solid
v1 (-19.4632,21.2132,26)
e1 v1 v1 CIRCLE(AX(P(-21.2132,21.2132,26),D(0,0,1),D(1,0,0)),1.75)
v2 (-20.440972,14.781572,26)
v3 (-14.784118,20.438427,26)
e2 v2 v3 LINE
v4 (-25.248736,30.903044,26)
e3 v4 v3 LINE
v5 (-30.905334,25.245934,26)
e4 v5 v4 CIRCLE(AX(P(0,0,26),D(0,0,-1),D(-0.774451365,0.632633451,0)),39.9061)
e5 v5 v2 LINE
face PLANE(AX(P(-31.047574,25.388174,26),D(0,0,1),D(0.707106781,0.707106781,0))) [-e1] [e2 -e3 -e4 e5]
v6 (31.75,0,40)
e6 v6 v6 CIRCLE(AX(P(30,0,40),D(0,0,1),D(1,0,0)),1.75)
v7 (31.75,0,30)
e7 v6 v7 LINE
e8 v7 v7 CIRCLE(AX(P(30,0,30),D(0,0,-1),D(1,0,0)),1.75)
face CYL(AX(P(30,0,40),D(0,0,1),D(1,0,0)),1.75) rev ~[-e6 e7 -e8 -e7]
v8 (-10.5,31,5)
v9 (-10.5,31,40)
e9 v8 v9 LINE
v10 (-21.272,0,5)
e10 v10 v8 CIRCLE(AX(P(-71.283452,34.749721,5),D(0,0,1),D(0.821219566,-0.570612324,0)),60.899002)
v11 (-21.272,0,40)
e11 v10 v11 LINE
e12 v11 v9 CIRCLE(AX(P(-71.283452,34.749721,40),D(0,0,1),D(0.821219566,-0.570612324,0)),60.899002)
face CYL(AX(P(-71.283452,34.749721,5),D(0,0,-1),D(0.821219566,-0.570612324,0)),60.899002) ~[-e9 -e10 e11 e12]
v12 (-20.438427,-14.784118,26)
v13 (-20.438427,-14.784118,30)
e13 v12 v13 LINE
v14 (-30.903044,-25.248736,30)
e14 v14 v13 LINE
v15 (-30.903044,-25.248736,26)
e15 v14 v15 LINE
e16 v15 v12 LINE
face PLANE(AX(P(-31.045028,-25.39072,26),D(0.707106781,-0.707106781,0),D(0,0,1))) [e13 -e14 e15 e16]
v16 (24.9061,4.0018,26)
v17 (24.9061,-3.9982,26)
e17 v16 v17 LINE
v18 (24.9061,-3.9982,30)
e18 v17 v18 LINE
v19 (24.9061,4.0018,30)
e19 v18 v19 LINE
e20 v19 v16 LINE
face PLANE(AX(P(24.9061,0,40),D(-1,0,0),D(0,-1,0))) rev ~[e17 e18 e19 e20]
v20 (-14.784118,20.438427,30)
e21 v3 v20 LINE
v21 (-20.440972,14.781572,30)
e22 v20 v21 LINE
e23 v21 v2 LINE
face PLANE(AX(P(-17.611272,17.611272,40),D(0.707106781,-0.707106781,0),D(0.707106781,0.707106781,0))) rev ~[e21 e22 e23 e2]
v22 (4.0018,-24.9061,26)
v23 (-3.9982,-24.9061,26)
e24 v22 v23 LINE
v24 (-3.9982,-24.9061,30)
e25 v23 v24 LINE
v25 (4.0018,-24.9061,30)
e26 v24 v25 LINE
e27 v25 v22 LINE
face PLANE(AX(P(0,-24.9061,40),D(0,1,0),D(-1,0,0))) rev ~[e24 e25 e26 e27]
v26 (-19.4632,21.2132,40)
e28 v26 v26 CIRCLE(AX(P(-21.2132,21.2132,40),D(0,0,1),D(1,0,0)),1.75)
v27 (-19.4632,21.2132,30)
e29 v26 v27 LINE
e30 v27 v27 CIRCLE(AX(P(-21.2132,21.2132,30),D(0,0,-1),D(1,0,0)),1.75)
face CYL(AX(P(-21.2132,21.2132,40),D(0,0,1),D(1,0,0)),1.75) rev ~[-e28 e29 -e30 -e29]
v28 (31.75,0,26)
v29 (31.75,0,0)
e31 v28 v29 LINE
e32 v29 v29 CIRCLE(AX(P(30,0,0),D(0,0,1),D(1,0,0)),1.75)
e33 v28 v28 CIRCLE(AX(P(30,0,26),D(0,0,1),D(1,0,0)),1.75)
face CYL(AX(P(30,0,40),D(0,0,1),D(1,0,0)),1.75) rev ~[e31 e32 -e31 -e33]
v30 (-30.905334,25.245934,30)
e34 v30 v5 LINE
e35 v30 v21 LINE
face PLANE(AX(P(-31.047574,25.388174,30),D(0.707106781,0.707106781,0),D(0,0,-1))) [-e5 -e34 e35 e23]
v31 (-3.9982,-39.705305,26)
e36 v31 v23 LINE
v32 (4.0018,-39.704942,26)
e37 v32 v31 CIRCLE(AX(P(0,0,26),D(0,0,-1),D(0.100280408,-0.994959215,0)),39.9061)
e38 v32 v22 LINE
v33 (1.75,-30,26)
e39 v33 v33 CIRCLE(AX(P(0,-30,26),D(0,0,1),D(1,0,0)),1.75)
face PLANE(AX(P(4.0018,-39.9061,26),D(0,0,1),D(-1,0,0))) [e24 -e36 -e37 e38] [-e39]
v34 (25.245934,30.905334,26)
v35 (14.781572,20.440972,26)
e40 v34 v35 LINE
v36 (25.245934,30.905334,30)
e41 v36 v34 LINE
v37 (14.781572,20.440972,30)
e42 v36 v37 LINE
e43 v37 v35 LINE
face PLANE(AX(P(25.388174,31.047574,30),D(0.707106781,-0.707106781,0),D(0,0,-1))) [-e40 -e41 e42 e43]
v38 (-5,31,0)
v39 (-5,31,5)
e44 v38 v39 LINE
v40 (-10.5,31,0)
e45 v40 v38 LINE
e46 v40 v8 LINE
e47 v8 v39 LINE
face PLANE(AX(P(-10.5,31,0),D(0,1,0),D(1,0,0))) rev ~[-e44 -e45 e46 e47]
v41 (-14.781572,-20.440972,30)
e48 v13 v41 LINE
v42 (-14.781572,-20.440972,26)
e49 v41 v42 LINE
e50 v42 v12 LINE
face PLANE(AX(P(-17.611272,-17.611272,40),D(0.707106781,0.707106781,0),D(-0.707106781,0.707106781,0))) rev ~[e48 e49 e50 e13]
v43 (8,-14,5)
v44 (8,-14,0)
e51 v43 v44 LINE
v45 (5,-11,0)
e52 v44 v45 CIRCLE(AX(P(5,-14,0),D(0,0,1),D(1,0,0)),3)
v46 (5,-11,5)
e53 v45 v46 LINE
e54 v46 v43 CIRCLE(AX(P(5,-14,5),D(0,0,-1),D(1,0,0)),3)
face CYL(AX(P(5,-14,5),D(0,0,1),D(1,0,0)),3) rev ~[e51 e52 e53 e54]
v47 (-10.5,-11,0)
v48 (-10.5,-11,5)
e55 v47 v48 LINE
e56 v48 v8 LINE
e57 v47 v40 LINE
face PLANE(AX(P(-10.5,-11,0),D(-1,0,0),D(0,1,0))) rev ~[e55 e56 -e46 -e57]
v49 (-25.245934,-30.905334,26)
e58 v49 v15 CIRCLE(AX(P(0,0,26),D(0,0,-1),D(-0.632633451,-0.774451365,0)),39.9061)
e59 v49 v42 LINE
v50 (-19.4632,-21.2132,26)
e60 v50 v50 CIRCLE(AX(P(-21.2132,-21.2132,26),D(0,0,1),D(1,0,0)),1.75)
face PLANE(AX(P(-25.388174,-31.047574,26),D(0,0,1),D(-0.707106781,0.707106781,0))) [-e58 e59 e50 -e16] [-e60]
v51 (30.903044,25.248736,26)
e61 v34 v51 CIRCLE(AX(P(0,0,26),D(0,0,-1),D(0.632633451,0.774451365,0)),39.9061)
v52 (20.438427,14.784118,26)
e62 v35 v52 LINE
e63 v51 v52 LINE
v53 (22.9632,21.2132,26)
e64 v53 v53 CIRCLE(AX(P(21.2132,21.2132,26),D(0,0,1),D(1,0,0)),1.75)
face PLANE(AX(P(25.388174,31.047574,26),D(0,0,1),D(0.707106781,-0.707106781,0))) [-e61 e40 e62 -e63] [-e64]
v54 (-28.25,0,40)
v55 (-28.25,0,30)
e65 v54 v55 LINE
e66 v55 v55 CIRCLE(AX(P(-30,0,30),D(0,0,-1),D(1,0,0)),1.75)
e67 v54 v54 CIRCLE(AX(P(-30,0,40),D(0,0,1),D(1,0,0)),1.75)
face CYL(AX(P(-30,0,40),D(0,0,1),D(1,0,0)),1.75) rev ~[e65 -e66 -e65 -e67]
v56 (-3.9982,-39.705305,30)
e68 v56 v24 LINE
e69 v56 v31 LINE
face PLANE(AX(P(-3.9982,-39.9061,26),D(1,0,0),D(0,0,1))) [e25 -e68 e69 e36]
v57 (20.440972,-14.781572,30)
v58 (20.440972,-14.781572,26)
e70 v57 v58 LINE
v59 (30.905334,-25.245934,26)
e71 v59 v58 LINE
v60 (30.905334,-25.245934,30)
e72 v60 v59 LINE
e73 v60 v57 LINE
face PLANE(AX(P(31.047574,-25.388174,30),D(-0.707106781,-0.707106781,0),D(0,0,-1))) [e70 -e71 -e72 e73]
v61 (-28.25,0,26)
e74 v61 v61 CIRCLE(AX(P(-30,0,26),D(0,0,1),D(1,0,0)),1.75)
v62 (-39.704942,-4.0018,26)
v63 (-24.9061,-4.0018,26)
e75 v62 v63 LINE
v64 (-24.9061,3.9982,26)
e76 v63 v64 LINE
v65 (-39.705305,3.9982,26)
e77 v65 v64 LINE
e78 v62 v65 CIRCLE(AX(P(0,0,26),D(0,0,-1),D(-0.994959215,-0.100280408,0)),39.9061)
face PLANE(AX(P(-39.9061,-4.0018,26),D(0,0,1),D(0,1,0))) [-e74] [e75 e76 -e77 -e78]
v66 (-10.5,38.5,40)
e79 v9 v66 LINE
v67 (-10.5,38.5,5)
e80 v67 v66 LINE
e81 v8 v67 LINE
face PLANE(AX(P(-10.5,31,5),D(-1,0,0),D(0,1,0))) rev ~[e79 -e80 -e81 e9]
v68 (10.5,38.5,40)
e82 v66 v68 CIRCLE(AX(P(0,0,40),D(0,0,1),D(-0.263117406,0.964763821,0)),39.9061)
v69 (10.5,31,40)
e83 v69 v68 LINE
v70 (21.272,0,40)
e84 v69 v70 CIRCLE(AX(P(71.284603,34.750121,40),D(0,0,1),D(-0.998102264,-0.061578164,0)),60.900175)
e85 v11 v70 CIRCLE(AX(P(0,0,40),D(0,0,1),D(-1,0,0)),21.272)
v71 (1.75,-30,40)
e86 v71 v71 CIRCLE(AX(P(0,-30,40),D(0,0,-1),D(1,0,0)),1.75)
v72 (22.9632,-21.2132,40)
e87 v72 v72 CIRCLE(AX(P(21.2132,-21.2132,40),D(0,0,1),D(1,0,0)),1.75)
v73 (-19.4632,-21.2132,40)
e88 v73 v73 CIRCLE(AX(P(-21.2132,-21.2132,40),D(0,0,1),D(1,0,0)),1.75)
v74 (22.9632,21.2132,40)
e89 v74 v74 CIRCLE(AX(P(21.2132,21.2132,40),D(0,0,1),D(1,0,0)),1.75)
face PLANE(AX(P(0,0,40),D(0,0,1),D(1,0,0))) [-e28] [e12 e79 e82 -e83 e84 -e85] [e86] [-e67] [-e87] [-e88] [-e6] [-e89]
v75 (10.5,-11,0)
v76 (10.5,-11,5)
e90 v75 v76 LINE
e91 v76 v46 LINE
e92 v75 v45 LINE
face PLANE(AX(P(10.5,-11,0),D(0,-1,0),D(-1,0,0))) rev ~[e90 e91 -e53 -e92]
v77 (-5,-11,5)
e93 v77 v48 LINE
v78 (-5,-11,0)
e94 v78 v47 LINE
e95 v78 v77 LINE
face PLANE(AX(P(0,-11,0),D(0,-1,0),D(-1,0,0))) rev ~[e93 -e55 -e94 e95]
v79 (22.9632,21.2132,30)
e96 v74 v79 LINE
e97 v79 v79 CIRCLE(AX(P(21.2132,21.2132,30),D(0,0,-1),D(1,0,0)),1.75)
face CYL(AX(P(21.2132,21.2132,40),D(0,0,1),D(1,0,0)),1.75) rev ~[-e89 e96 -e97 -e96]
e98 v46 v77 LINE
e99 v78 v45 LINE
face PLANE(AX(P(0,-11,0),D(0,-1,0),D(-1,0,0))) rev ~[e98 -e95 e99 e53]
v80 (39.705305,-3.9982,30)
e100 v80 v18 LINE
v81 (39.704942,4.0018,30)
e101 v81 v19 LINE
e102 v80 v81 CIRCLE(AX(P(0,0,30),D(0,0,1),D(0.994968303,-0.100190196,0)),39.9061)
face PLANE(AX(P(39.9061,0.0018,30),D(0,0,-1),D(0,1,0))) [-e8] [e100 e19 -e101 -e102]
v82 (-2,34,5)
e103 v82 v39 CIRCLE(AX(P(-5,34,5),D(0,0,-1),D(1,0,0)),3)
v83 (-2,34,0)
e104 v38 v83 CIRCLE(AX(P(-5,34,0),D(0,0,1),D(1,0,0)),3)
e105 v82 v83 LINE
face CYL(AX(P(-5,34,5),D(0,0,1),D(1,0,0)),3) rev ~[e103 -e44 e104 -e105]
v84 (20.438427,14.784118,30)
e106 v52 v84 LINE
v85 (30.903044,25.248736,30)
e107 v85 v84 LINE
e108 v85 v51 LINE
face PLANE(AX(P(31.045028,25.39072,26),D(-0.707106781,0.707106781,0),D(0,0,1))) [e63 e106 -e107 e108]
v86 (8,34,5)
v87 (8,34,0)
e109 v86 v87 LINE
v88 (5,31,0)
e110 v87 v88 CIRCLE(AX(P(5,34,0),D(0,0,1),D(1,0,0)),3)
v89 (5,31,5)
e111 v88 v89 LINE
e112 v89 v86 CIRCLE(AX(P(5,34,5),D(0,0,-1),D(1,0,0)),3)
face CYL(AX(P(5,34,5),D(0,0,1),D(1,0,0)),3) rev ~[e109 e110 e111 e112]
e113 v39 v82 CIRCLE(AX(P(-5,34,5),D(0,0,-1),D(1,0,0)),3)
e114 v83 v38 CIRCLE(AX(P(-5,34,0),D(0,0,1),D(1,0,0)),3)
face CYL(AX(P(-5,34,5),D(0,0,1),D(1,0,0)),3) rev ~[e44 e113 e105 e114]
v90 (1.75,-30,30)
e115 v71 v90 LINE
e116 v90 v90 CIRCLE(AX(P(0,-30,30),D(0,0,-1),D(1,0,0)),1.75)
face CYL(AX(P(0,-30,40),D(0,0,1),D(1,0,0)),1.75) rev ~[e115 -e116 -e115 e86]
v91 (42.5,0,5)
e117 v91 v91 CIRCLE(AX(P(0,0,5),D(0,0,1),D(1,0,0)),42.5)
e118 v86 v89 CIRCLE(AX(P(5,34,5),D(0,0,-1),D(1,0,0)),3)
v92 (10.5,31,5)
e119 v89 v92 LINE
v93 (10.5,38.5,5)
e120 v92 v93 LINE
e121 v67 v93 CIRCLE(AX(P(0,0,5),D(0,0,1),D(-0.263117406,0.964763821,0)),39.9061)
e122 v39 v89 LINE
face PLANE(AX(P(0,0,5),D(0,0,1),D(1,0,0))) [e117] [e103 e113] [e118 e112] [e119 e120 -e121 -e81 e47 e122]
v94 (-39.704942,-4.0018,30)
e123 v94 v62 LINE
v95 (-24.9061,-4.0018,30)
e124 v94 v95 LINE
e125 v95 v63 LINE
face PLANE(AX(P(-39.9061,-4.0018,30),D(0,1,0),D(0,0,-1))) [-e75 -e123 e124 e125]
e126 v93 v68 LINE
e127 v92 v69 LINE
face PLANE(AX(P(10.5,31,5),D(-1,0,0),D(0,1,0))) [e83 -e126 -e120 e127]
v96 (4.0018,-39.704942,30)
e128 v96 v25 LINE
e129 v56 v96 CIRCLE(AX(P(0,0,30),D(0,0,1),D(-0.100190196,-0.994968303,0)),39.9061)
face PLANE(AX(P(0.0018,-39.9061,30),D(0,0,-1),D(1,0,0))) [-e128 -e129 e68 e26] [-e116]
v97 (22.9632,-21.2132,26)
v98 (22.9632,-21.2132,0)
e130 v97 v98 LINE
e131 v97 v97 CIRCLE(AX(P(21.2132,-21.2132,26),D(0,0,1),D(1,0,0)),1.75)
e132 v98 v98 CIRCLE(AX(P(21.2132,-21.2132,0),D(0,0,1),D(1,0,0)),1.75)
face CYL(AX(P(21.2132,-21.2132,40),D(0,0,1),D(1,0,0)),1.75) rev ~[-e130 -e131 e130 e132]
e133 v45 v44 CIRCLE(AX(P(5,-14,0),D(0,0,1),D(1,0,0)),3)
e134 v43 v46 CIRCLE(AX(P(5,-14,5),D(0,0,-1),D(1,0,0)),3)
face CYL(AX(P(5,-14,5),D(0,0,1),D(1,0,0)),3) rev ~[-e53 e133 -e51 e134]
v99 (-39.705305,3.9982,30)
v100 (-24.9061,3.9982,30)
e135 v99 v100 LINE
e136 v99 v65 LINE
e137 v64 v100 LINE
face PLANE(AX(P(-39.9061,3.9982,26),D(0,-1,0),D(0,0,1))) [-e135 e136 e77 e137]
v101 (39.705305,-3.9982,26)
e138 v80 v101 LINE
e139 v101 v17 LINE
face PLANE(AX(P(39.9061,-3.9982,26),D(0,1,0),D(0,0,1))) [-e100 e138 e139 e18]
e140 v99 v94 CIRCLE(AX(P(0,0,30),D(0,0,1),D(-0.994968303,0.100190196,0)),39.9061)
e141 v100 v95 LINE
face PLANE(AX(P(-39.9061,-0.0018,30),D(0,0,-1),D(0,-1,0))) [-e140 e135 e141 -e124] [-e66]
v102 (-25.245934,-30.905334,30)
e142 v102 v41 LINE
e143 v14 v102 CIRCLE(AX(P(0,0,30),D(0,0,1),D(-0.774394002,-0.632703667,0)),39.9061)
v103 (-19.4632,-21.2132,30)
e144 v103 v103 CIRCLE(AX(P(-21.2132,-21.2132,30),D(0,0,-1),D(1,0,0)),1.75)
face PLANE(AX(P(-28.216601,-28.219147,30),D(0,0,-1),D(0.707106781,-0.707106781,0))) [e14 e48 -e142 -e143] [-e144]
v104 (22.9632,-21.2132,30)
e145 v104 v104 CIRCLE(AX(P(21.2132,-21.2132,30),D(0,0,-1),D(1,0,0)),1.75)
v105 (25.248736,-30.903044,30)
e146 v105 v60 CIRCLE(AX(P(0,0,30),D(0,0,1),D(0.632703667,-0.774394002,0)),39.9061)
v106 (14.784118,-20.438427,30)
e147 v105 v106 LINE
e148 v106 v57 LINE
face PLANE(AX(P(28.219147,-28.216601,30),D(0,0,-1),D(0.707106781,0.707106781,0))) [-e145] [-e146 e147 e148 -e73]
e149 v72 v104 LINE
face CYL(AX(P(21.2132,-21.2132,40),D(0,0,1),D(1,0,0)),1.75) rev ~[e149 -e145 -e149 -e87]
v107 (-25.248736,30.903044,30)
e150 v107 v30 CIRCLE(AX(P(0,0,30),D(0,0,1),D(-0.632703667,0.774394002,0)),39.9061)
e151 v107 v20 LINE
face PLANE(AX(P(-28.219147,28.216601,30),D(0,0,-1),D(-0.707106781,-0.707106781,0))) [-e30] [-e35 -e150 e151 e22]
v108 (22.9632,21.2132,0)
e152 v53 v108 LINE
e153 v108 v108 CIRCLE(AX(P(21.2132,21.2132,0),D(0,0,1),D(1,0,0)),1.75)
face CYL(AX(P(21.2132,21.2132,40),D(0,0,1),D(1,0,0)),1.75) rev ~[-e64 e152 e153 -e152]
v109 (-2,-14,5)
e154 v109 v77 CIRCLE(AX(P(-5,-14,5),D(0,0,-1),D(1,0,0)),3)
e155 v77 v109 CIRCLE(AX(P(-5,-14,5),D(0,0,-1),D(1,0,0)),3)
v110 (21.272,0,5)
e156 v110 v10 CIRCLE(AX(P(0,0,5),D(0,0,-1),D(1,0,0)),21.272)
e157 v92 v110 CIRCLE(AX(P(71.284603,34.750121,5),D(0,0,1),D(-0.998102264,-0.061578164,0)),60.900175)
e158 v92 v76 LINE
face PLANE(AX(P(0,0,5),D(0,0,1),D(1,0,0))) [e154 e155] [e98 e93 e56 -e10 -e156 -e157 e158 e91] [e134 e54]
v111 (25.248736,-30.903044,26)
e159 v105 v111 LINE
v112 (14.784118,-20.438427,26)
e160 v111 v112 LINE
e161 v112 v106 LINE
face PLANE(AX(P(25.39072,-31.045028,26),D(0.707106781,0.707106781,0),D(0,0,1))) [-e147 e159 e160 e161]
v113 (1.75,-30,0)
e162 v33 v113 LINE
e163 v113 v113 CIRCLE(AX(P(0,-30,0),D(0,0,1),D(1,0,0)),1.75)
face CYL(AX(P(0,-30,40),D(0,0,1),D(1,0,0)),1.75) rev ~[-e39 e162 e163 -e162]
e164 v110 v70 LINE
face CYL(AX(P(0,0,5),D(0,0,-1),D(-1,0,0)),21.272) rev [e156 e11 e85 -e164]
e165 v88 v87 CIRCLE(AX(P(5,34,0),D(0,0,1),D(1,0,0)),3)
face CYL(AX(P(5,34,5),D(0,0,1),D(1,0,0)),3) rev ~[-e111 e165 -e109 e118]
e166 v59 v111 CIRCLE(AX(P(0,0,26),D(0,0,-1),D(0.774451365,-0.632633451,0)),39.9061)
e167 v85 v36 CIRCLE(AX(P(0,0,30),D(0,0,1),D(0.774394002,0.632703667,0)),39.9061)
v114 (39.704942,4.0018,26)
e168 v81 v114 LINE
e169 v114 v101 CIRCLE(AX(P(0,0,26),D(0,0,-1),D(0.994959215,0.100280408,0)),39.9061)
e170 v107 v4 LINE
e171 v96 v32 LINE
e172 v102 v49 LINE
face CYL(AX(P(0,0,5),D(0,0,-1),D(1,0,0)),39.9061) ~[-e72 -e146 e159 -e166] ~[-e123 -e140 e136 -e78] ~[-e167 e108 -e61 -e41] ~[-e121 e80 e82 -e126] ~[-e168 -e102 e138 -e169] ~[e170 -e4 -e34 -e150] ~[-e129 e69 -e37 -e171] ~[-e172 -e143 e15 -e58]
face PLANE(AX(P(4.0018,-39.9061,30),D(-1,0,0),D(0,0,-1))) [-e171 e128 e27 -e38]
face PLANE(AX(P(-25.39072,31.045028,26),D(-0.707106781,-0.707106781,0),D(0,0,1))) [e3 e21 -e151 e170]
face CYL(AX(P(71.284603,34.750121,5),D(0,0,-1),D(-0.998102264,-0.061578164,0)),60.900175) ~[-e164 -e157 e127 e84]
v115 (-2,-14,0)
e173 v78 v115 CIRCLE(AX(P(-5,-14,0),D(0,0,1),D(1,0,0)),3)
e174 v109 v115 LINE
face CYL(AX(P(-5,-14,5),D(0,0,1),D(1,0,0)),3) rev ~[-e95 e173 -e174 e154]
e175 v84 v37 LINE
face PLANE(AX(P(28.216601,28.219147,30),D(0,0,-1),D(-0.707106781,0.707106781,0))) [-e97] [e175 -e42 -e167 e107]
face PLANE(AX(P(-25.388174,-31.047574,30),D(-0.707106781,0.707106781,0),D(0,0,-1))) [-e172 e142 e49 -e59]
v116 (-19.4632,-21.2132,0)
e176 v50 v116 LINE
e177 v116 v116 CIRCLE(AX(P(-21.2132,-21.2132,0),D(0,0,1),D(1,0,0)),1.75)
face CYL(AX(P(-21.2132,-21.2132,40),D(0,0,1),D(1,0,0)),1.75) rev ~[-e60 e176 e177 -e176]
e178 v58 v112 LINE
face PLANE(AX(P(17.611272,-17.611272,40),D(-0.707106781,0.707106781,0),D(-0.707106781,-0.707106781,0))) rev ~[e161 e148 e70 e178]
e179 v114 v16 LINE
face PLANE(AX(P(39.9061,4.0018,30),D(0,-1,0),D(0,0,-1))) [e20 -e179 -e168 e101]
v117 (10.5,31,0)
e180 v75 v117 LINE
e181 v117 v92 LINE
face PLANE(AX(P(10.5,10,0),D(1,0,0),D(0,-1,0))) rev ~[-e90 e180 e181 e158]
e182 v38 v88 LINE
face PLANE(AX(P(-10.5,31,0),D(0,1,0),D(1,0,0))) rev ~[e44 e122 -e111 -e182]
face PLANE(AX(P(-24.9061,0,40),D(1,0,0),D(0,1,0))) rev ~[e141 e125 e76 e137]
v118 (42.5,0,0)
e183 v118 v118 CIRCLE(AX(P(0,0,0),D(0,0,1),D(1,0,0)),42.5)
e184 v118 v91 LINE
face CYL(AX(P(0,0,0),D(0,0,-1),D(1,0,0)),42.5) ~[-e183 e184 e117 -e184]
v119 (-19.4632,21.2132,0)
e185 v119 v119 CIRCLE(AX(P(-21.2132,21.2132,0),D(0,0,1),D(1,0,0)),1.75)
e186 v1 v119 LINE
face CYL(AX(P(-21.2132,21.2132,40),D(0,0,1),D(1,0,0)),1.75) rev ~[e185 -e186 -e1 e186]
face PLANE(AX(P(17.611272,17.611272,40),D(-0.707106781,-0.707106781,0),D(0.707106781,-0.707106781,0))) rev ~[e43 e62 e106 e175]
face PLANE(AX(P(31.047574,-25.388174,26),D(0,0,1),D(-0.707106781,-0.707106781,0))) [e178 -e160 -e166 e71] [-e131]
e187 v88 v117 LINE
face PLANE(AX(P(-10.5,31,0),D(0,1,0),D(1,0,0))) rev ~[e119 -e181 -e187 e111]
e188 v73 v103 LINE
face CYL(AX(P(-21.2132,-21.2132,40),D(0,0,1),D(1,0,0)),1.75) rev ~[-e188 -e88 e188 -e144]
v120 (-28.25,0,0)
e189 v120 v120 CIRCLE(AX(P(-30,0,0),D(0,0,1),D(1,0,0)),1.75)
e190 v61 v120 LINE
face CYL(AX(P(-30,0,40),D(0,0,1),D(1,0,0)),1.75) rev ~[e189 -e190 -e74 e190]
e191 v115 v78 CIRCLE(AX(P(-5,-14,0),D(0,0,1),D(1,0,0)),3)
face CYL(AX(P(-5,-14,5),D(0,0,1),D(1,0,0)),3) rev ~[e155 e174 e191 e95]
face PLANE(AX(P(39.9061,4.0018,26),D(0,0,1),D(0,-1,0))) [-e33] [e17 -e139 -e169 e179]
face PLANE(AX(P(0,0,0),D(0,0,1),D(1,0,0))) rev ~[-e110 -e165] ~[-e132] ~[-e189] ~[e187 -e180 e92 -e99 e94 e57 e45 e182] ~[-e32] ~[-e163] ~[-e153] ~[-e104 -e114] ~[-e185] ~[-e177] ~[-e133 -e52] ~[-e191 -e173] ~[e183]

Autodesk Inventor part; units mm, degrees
ref_plane "YZ Plane" through (0, 0, 0) normal (1, 0, 0) x (0, 1, 0)
ref_plane "XY Plane" through (0, 0, 0) normal (0, 0, 1) x (1, 0, 0)
sketch "Sketch1" plane through (0, 0, 0) normal (0, 0, 1) x (1, 0, 0)
  line L0 (0, -11) -> (-10.5, -11)
  line L1 (-10.5, -11) -> (-10.5, 31)
  line L2 (-10.5, 31) -> (10.5, 31)
  line L3 (10.5, 31) -> (10.5, -11)
  line L4 (10.5, -11) -> (0, -11)
  line L5 (10.5, 10) -> (0, 10)
  line L6 (0, 0) -> (0, 10)
  circle A0 centre (0, 0) radius 42.5
  dimension "d1" = 42
  dimension "d28" = 21
  dimension "d76" = 10
  dimension "d77" = 10.5
  dimension "d78" = 85
extrude "Extrusion6" add sketch "Sketch1" along normal blind 5
sketch "Sketch9" plane through (0, 0, 5) normal (0, 0, 1) x (1, 0, 0)
  line L0 (10.5, -11) -> (-10.5, -11) projected
  line L1 (0, -11) -> (0, -14)
  line L2 (0, -14) -> (-5, -14)
  circle A0 centre (-5, -14) radius 3
  line L3 (0, -14) -> (5, -14)
  circle A1 centre (5, -14) radius 3
  line L4 (-10.5, -11) -> (-10.5, 31) projected
  line L5 (-10.5, 10) -> (10.5, 10)
  line L6 (10.5, 31) -> (-10.5, 31)
  line L7 (0, 31) -> (0, 34)
  line L8 (0, 34) -> (-5, 34)
  circle A2 centre (-5, 34) radius 3
  line L9 (0, 34) -> (5, 34)
  circle A3 centre (5, 34) radius 3
  dimension "d79" = 3
  dimension "d80" = 5
  dimension "d81" = 6
  dimension "d82" = 5
  dimension "d83" = 6
extrude "Extrusion12" cut sketch "Sketch9" against normal through all contours A2 | A1 | A0 | A3
sketch "Sketch10" plane through (0, 0, 5) normal (0, 0, 1) x (1, 0, 0)
  line L0 (-10.5, 31) -> (-10.5, 38.5)
  circle A0 centre (0, 0) radius 39.9061
  line L1 (-10.5, -11) -> (-10.5, -18.5)
  arc A1 (-21.272, 0) -> (21.272, 0) centre (0, 0) ccw
  arc A2 (-21.272, 0) -> (-10.5, 31) centre (-71.284, 34.75) ccw
  line L2 (10.5, 31) -> (10.5, 38.5)
  arc A3 (10.5, 31) -> (21.272, 0) centre (71.284, 34.75) ccw
  dimension "d86" = 7.5
  dimension "d87" = 79.8123
  dimension "d88" = 7.5
extrude "Extrusion13" add sketch "Sketch10" along normal blind 35 contours A2 A1 A3 L2 A0 L0 picked at (-28.5299, 15.6602)
sketch "Sketch11" plane through (0, 0, 40) normal (0, 0, 1) x (1, 0, 0)
  line L0 (0, 0) -> (0, -30)
  circle A0 centre (0, -30) radius 1.75
  circle A1 centre (21.2132, -21.2132) radius 1.75
  circle A2 centre (30, 0) radius 1.75
  circle A3 centre (21.2132, 21.2132) radius 1.75
  circle A4 centre (0, 30) radius 1.75
  circle A5 centre (-21.2132, 21.2132) radius 1.75
  circle A6 centre (-30, 0) radius 1.75
  circle A7 centre (-21.2132, -21.2132) radius 1.75
  dimension "d91" = 30
  dimension "d92" = 3.5
  dimension "d95" = 360
extrude "Extrusion14" cut sketch "Sketch11" against normal through all contours A0 | A1 | A2 | A3 | A5 | A6 | A7
sketch "Sketch12" plane through (0, 0, 40) normal (0, 0, 1) x (1, 0, 0)
  line L0 (0, 0) -> (0, -39.9061)
  arc A0 (-10.5, 38.5) -> (10.5, 38.5) centre (0, 0) ccw projected
ref_plane "Work Plane2" through (0, -39.9061, 40) normal (0, 1, 0) x (-1, 0, 0)
sketch "Sketch13" plane through (0, -39.9061, 40) normal (0, 1, 0) x (-1, 0, 0)
  line L0 (-0.0018, 0) -> (-0.0018, -10)
  line L1 (-0.0018, -10) -> (-4.0018, -10)
  line L2 (-4.0018, -10) -> (-4.0018, -14)
  line L3 (-4.0018, -14) -> (3.9982, -14)
  line L4 (3.9982, -14) -> (3.9982, -10)
  line L5 (3.9982, -10) -> (-0.0018, -10)
  point P0 (0, -40)
  dimension "d99" = 10
  dimension "d100" = 4
  dimension "d101" = 4
  dimension "d102" = 8
extrude "Extrusion15" cut sketch "Sketch13" along normal blind 15
pattern_circular "Circular Pattern2" count 8 over 360 about axis through (0, 0, 5) along (0, 0, 1) of "Extrusion15"
properties part number "Base"
